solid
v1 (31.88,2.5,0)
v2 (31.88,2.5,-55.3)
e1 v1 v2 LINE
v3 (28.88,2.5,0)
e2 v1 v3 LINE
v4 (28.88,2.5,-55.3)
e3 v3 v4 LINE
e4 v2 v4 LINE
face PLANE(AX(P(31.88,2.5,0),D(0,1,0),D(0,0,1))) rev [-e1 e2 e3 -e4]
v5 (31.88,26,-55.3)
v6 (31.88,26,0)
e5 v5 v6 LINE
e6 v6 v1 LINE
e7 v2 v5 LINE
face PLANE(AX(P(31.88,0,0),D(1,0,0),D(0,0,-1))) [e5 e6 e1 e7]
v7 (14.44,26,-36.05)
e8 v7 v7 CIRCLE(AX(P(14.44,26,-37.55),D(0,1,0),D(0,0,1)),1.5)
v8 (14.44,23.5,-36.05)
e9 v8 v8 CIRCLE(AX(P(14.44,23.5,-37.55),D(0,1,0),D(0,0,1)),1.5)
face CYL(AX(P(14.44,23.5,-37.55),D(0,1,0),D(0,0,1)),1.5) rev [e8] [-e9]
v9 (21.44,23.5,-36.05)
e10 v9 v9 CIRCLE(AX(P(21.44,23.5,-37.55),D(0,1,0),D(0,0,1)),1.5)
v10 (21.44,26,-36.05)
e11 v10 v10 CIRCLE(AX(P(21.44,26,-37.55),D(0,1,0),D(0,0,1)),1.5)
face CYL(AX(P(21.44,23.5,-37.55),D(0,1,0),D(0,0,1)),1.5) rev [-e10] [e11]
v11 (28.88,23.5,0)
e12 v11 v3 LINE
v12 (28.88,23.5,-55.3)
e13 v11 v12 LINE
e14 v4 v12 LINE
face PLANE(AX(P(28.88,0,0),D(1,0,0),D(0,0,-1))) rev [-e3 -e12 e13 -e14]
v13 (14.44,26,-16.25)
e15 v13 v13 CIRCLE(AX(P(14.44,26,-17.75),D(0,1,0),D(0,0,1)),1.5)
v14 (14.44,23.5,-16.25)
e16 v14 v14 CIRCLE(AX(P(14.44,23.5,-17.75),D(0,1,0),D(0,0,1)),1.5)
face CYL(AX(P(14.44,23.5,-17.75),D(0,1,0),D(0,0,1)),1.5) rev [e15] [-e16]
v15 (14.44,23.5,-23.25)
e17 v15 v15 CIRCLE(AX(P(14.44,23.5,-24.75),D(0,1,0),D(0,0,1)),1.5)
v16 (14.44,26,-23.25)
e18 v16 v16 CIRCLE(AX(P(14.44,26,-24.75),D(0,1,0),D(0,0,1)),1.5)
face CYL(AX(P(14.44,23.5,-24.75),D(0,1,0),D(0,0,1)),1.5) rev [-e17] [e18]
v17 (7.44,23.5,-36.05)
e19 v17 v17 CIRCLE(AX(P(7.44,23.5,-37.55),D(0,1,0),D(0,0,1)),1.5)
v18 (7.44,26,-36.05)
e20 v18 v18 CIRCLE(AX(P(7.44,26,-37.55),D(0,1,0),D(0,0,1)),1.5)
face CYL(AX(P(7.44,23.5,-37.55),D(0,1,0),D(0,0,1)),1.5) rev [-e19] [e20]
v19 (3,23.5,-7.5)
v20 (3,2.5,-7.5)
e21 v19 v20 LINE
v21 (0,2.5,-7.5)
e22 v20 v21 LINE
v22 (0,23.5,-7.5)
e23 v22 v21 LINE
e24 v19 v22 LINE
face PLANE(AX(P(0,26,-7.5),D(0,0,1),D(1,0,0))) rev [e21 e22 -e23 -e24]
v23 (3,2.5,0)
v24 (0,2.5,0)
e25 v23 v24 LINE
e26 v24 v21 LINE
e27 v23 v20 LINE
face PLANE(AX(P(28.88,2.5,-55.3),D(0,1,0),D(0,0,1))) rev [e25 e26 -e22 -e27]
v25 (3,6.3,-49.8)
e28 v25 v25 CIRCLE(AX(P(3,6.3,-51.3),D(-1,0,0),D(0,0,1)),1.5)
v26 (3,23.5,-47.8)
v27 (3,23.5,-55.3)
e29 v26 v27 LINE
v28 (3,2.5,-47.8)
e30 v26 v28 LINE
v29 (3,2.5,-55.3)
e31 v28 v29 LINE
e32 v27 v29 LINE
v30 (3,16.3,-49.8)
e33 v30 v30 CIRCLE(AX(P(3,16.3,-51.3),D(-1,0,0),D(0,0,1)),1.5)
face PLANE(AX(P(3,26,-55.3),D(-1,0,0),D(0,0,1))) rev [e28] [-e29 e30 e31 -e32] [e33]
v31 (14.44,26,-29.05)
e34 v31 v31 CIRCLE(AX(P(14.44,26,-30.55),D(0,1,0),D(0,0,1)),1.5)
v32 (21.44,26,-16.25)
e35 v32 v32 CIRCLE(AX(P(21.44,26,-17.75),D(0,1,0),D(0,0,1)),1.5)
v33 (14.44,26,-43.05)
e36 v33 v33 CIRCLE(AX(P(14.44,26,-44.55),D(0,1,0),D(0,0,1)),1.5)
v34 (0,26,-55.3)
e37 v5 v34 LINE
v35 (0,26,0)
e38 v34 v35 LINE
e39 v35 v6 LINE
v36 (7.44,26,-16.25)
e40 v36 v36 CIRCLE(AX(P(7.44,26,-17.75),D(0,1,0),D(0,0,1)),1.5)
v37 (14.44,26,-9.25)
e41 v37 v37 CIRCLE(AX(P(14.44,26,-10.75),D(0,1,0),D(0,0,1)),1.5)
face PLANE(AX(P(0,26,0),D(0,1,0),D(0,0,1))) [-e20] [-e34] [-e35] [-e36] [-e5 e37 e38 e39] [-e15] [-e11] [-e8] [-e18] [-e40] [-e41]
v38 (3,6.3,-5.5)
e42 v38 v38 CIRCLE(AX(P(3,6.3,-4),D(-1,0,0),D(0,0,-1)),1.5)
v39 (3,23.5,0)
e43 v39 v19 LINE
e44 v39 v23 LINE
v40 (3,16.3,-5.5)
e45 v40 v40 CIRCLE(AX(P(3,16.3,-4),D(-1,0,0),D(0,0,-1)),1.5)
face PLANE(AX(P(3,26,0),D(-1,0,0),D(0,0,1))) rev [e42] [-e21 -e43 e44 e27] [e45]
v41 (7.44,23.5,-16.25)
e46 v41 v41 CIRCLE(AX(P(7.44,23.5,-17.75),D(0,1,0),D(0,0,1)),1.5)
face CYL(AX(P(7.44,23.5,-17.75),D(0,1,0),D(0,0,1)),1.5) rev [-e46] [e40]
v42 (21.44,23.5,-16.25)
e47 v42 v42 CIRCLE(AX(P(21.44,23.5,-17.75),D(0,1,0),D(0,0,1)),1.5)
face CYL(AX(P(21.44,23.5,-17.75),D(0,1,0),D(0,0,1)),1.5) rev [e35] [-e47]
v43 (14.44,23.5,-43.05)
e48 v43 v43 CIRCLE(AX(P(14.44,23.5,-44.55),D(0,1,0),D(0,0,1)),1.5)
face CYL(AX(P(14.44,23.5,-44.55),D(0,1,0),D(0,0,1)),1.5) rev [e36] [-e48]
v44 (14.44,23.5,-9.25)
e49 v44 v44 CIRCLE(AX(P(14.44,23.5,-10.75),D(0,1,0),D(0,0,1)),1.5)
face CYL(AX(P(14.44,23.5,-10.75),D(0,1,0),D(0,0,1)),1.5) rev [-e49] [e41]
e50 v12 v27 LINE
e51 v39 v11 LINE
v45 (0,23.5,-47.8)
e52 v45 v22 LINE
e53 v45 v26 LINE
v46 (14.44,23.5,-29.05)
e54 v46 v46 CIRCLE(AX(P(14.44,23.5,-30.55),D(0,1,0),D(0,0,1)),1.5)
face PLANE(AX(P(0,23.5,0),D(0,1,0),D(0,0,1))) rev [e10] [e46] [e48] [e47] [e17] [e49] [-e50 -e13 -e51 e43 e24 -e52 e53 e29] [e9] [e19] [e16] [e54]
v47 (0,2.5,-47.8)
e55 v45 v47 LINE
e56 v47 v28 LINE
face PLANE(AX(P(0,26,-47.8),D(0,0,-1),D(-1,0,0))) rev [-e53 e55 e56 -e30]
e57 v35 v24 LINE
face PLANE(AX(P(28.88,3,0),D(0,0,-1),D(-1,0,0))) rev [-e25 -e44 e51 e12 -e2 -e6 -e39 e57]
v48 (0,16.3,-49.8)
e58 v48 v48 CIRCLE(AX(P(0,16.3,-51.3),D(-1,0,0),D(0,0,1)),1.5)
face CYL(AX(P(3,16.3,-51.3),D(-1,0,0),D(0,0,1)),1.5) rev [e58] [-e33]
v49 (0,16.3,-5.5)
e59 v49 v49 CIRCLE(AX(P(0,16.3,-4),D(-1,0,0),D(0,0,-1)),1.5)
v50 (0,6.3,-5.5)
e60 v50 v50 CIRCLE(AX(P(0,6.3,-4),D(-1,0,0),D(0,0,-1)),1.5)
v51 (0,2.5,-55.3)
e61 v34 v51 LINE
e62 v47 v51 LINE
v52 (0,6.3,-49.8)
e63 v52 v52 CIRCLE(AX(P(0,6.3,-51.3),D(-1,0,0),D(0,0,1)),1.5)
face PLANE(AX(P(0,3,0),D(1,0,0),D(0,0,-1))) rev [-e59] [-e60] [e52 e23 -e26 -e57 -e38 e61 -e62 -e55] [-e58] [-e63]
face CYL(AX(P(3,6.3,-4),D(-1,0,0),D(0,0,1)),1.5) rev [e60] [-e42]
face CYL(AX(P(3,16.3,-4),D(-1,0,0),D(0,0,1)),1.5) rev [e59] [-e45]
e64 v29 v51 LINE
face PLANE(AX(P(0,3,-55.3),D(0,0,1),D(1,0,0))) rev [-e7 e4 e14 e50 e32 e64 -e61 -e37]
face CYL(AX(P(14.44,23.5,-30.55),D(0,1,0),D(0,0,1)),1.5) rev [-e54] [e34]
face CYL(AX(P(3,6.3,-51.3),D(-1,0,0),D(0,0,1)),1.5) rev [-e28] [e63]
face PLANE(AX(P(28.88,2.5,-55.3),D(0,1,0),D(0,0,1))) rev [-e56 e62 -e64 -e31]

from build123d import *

# Parameters (mm, degrees)
CROQUIS1_W               = 28.88
CROQUIS1_H               = 55.3
CROQUIS1_R               = 1.5
SALIENTE_EXTRUIR8_DEPTH  = 3
CROQUIS19_W              = 28.88
CROQUIS19_H              = 55.3
CORTAR_EXTRUIR3_DEPTH    = 0.5
CROQUIS20_W              = 3
CROQUIS20_H              = 7.5
SALIENTE_EXTRUIR18_DEPTH = 23.5
SALIENTE_EXTRUIR19_START = -2.5
CROQUIS21_W              = 28.88
CROQUIS21_H              = 55.3
CROQUIS21_R              = 1.5
SALIENTE_EXTRUIR19_DEPTH = 2.5
CROQUIS22_R              = 1.5
CORTAR_EXTRUIR4_DEPTH    = 3
CROQUIS23_W              = 55.3
CROQUIS23_H              = 2.5
CORTAR_EXTRUIR5_DEPTH    = 68.588049239
CROQUIS24_W              = 55.3
CROQUIS24_H              = 23.5
SALIENTE_EXTRUIR20_DEPTH = 3


with BuildPart() as part:
    # Croquis1 → Saliente-Extruir8 (new body)
    with BuildSketch(Plane(origin=(0, 0, 0), x_dir=(1, 0, 0), z_dir=(0, 1, 0))):
        with Locations((14.44, 27.65)):
            Rectangle(CROQUIS1_W, CROQUIS1_H)
        with Locations(Location((14.44, 17.75, 0), (0, 0, 270))):
            Circle(CROQUIS1_R, mode=Mode.SUBTRACT)
        with Locations(Location((21.44, 17.75, 0), (0, 0, 270))):
            Circle(CROQUIS1_R, mode=Mode.SUBTRACT)
        with Locations(Location((14.44, 24.75, 0), (0, 0, 270))):
            Circle(CROQUIS1_R, mode=Mode.SUBTRACT)
        with Locations(Location((7.44, 17.75, 0), (0, 0, 270))):
            Circle(CROQUIS1_R, mode=Mode.SUBTRACT)
        with Locations(Location((14.44, 10.75, 0), (0, 0, 270))):
            Circle(CROQUIS1_R, mode=Mode.SUBTRACT)
        with Locations(Location((21.44, 37.55, 0), (0, 0, 90))):
            Circle(CROQUIS1_R, mode=Mode.SUBTRACT)
        with Locations(Location((14.44, 44.55, 0), (0, 0, 90))):
            Circle(CROQUIS1_R, mode=Mode.SUBTRACT)
        with Locations(Location((14.44, 30.55, 0), (0, 0, 90))):
            Circle(CROQUIS1_R, mode=Mode.SUBTRACT)
        with Locations(Location((14.44, 37.55, 0), (0, 0, 90))):
            Circle(CROQUIS1_R, mode=Mode.SUBTRACT)
        with Locations(Location((7.44, 37.55, 0), (0, 0, 90))):
            Circle(CROQUIS1_R, mode=Mode.SUBTRACT)
    extrude(amount=SALIENTE_EXTRUIR8_DEPTH)

    # Croquis19 → Cortar-Extruir3 (cut)
    with BuildSketch(Plane(origin=(0, 3, 0), x_dir=(1, 0, 0), z_dir=(0, 1, 0))):
        with Locations((14.44, 27.65)):
            Rectangle(CROQUIS19_W, CROQUIS19_H)
    extrude(amount=-CORTAR_EXTRUIR3_DEPTH, mode=Mode.SUBTRACT)

    # Croquis20 → Saliente-Extruir18 (add)
    with BuildSketch(Plane(origin=(0, 2.5, 0), x_dir=(1, 0, 0), z_dir=(0, 1, 0))):
        with Locations((1.5, 51.55)):
            Rectangle(CROQUIS20_W, CROQUIS20_H)
        with Locations((1.5, 3.75)):
            Rectangle(CROQUIS20_W, CROQUIS20_H)
    extrude(amount=SALIENTE_EXTRUIR18_DEPTH)

    # Croquis21 → Saliente-Extruir19 (add)
    with BuildSketch(Plane(origin=(0, 26, 0), x_dir=(1, 0, 0), z_dir=(0, 1, 0)).offset(SALIENTE_EXTRUIR19_START)):
        with Locations((14.44, 27.65)):
            Rectangle(CROQUIS21_W, CROQUIS21_H)
        with Locations(Location((14.44, 44.55, 0), (0, 0, 90))):
            Circle(CROQUIS21_R, mode=Mode.SUBTRACT)
        with Locations(Location((21.44, 37.55, 0), (0, 0, 90))):
            Circle(CROQUIS21_R, mode=Mode.SUBTRACT)
        with Locations(Location((14.44, 37.55, 0), (0, 0, 90))):
            Circle(CROQUIS21_R, mode=Mode.SUBTRACT)
        with Locations(Location((14.44, 30.55, 0), (0, 0, 90))):
            Circle(CROQUIS21_R, mode=Mode.SUBTRACT)
        with Locations(Location((7.44, 37.55, 0), (0, 0, 90))):
            Circle(CROQUIS21_R, mode=Mode.SUBTRACT)
        with Locations(Location((14.44, 24.75, 0), (0, 0, 270))):
            Circle(CROQUIS21_R, mode=Mode.SUBTRACT)
        with Locations(Location((21.44, 17.75, 0), (0, 0, 270))):
            Circle(CROQUIS21_R, mode=Mode.SUBTRACT)
        with Locations(Location((14.44, 17.75, 0), (0, 0, 270))):
            Circle(CROQUIS21_R, mode=Mode.SUBTRACT)
        with Locations(Location((7.44, 17.75, 0), (0, 0, 270))):
            Circle(CROQUIS21_R, mode=Mode.SUBTRACT)
        with Locations(Location((14.44, 10.75, 0), (0, 0, 270))):
            Circle(CROQUIS21_R, mode=Mode.SUBTRACT)
    extrude(amount=SALIENTE_EXTRUIR19_DEPTH)

    # Croquis22 → Cortar-Extruir4 (cut)
    with BuildSketch(Plane.ZY):
        with Locations((-51.3, 6.3)):
            Circle(CROQUIS22_R)
        with Locations((-51.3, 16.3)):
            Circle(CROQUIS22_R)
        with Locations(Location((-4, 16.3, 0), (0, 0, 180))):
            Circle(CROQUIS22_R)
        with Locations(Location((-4, 6.3, 0), (0, 0, 180))):
            Circle(CROQUIS22_R)
    extrude(amount=-CORTAR_EXTRUIR4_DEPTH, mode=Mode.SUBTRACT)

    # Croquis23 → Cortar-Extruir5 (cut, through all)
    with BuildSketch(Plane.ZY):
        with Locations((-27.65, 1.25)):
            Rectangle(CROQUIS23_W, CROQUIS23_H)
    extrude(amount=-CORTAR_EXTRUIR5_DEPTH, mode=Mode.SUBTRACT)

    # Croquis24 → Saliente-Extruir20 (add)
    with BuildSketch(Plane(origin=(28.88, 0, 0), x_dir=(0, 0, -1), z_dir=(1, 0, 0))):
        with Locations((27.65, 14.25)):
            Rectangle(CROQUIS24_W, CROQUIS24_H)
    extrude(amount=SALIENTE_EXTRUIR20_DEPTH)


solid = part.part
